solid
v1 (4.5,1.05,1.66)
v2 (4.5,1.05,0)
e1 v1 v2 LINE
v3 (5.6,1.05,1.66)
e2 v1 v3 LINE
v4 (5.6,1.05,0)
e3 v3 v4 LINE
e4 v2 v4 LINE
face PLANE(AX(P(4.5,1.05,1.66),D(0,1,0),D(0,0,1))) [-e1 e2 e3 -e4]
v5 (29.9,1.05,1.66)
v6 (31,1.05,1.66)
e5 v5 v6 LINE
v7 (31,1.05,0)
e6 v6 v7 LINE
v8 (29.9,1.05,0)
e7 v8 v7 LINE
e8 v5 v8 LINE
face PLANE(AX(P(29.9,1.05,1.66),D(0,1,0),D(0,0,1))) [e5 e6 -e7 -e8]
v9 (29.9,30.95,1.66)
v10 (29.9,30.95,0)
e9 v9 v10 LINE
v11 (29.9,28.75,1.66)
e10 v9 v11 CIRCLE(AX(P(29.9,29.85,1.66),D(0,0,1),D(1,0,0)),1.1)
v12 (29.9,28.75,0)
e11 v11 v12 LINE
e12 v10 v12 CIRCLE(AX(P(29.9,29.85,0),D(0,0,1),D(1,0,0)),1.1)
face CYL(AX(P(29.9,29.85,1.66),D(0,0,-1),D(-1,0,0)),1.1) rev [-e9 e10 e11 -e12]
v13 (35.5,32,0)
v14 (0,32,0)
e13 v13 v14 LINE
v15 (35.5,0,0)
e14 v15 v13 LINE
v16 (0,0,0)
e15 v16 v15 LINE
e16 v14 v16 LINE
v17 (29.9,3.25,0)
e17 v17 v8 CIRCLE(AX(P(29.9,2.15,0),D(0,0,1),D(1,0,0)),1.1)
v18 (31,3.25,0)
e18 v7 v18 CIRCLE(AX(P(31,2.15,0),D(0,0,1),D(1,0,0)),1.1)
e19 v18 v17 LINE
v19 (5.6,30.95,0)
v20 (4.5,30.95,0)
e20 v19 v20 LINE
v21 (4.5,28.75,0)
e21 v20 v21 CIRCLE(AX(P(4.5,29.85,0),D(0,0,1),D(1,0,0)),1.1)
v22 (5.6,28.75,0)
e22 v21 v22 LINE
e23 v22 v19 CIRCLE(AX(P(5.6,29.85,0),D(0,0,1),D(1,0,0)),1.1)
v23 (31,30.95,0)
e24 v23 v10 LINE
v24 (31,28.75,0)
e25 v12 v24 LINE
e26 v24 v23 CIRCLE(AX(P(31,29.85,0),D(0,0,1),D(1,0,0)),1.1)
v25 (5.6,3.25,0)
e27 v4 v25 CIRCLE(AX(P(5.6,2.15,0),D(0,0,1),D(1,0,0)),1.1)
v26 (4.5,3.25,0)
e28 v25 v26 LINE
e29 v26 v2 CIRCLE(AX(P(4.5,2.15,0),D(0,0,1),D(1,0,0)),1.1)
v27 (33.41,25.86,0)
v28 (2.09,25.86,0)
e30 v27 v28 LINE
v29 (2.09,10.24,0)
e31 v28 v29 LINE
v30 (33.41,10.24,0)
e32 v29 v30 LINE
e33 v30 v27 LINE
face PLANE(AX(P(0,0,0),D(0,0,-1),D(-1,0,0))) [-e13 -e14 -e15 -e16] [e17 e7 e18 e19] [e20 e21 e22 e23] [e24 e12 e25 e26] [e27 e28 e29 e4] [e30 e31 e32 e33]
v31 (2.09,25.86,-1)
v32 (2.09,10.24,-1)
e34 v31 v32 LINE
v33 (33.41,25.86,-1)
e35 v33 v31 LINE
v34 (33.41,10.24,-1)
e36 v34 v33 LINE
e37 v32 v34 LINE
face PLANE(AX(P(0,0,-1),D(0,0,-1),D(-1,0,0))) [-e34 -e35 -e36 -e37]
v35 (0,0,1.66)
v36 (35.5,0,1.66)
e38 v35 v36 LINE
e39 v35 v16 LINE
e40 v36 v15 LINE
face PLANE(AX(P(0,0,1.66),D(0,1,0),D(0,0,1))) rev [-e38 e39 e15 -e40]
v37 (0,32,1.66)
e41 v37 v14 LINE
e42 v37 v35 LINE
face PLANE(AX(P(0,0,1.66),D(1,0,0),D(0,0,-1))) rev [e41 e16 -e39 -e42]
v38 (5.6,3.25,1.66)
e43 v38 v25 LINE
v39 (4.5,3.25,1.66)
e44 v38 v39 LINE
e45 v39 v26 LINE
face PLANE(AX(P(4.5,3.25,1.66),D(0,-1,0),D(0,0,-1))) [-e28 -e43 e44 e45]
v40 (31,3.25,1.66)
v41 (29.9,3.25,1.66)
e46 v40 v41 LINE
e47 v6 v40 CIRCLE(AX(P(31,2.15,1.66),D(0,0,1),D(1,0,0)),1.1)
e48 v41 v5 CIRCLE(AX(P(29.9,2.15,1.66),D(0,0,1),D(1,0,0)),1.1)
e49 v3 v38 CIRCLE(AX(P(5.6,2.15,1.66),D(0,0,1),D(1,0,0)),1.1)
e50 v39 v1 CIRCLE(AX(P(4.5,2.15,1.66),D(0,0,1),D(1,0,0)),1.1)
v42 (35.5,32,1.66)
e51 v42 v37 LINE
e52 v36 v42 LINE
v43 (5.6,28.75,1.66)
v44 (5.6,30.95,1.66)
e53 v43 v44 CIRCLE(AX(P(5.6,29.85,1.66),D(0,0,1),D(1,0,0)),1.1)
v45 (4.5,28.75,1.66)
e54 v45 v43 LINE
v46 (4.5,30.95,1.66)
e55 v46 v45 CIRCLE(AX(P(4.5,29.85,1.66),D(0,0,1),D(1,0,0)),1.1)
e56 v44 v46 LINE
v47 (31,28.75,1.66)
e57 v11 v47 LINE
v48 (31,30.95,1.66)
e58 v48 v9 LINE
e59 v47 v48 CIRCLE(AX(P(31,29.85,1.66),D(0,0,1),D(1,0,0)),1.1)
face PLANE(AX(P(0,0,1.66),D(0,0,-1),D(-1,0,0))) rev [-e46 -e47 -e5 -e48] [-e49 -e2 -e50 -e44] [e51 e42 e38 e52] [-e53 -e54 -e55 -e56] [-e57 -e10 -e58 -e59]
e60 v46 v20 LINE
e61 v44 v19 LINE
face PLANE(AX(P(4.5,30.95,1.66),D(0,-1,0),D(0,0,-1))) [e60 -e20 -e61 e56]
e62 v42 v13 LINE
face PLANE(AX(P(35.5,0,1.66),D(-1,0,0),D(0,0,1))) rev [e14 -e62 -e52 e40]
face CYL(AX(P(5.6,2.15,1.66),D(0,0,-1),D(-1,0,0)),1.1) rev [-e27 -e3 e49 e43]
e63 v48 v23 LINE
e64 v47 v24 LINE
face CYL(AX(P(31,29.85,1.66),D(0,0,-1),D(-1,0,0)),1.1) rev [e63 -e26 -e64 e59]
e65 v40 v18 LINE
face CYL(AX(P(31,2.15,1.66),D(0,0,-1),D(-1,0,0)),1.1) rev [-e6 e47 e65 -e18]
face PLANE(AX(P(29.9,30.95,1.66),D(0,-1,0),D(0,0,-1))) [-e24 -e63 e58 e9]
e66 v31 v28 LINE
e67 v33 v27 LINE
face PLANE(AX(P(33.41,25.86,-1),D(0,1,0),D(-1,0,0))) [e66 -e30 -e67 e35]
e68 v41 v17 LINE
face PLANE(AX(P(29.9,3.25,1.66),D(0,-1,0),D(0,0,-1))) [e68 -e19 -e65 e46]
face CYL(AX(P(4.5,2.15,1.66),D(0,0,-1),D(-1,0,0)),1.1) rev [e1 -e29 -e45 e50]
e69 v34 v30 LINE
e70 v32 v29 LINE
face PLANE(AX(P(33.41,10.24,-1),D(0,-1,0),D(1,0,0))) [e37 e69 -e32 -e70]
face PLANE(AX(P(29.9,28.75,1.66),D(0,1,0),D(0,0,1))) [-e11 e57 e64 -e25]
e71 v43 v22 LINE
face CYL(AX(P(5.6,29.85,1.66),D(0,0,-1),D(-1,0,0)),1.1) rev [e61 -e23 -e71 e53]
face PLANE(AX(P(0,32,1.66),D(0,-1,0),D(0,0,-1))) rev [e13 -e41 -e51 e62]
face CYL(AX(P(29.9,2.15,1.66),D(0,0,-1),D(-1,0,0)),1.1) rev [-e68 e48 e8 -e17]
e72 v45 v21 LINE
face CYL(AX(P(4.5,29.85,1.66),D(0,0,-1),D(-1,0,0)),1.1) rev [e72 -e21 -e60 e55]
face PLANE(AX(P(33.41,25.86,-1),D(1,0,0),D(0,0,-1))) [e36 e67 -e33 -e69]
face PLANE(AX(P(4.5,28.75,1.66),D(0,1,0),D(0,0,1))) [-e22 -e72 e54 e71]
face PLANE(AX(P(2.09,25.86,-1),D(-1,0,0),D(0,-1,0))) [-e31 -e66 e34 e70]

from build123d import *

# Parameters (mm, degrees)
SKETCH1_W           = 35.5
SKETCH1_H           = 32
BOSS_EXTRUDE1_DEPTH = 1.66
SKETCH2_W           = 31.32
SKETCH2_H           = 15.62
BOSS_EXTRUDE2_DEPTH = 1


with BuildPart() as part:
    # Sketch1 → Boss-Extrude1 (new body)
    with BuildSketch(Plane.XY):
        with Locations((17.75, 16)):
            Rectangle(SKETCH1_W, SKETCH1_H)
        with BuildLine():
            Line((4.5, 30.95), (5.6, 30.95))
            ThreePointArc((5.6, 30.95), (6.7, 29.85), (5.6, 28.75))
            Line((5.6, 28.75), (4.5, 28.75))
            ThreePointArc((4.5, 28.75), (3.4, 29.85), (4.5, 30.95))
        make_face(mode=Mode.SUBTRACT)
        with BuildLine():
            Line((29.9, 28.75), (31, 28.75))
            ThreePointArc((31, 28.75), (32.1, 29.85), (31, 30.95))
            Line((31, 30.95), (29.9, 30.95))
            ThreePointArc((29.9, 30.95), (28.8, 29.85), (29.9, 28.75))
        make_face(mode=Mode.SUBTRACT)
        with BuildLine():
            Line((29.9, 1.05), (31, 1.05))
            ThreePointArc((31, 1.05), (32.1, 2.15), (31, 3.25))
            Line((31, 3.25), (29.9, 3.25))
            ThreePointArc((29.9, 3.25), (28.8, 2.15), (29.9, 1.05))
        make_face(mode=Mode.SUBTRACT)
        with BuildLine():
            Line((4.5, 1.05), (5.6, 1.05))
            ThreePointArc((5.6, 1.05), (6.7, 2.15), (5.6, 3.25))
            Line((5.6, 3.25), (4.5, 3.25))
            ThreePointArc((4.5, 3.25), (3.4, 2.15), (4.5, 1.05))
        make_face(mode=Mode.SUBTRACT)
    extrude(amount=BOSS_EXTRUDE1_DEPTH)

    # Sketch2 → Boss-Extrude2 (add)
    with BuildSketch(Plane.XY):
        with Locations((17.75, 18.05)):
            Rectangle(SKETCH2_W, SKETCH2_H)
    extrude(amount=-BOSS_EXTRUDE2_DEPTH)


solid = part.part
